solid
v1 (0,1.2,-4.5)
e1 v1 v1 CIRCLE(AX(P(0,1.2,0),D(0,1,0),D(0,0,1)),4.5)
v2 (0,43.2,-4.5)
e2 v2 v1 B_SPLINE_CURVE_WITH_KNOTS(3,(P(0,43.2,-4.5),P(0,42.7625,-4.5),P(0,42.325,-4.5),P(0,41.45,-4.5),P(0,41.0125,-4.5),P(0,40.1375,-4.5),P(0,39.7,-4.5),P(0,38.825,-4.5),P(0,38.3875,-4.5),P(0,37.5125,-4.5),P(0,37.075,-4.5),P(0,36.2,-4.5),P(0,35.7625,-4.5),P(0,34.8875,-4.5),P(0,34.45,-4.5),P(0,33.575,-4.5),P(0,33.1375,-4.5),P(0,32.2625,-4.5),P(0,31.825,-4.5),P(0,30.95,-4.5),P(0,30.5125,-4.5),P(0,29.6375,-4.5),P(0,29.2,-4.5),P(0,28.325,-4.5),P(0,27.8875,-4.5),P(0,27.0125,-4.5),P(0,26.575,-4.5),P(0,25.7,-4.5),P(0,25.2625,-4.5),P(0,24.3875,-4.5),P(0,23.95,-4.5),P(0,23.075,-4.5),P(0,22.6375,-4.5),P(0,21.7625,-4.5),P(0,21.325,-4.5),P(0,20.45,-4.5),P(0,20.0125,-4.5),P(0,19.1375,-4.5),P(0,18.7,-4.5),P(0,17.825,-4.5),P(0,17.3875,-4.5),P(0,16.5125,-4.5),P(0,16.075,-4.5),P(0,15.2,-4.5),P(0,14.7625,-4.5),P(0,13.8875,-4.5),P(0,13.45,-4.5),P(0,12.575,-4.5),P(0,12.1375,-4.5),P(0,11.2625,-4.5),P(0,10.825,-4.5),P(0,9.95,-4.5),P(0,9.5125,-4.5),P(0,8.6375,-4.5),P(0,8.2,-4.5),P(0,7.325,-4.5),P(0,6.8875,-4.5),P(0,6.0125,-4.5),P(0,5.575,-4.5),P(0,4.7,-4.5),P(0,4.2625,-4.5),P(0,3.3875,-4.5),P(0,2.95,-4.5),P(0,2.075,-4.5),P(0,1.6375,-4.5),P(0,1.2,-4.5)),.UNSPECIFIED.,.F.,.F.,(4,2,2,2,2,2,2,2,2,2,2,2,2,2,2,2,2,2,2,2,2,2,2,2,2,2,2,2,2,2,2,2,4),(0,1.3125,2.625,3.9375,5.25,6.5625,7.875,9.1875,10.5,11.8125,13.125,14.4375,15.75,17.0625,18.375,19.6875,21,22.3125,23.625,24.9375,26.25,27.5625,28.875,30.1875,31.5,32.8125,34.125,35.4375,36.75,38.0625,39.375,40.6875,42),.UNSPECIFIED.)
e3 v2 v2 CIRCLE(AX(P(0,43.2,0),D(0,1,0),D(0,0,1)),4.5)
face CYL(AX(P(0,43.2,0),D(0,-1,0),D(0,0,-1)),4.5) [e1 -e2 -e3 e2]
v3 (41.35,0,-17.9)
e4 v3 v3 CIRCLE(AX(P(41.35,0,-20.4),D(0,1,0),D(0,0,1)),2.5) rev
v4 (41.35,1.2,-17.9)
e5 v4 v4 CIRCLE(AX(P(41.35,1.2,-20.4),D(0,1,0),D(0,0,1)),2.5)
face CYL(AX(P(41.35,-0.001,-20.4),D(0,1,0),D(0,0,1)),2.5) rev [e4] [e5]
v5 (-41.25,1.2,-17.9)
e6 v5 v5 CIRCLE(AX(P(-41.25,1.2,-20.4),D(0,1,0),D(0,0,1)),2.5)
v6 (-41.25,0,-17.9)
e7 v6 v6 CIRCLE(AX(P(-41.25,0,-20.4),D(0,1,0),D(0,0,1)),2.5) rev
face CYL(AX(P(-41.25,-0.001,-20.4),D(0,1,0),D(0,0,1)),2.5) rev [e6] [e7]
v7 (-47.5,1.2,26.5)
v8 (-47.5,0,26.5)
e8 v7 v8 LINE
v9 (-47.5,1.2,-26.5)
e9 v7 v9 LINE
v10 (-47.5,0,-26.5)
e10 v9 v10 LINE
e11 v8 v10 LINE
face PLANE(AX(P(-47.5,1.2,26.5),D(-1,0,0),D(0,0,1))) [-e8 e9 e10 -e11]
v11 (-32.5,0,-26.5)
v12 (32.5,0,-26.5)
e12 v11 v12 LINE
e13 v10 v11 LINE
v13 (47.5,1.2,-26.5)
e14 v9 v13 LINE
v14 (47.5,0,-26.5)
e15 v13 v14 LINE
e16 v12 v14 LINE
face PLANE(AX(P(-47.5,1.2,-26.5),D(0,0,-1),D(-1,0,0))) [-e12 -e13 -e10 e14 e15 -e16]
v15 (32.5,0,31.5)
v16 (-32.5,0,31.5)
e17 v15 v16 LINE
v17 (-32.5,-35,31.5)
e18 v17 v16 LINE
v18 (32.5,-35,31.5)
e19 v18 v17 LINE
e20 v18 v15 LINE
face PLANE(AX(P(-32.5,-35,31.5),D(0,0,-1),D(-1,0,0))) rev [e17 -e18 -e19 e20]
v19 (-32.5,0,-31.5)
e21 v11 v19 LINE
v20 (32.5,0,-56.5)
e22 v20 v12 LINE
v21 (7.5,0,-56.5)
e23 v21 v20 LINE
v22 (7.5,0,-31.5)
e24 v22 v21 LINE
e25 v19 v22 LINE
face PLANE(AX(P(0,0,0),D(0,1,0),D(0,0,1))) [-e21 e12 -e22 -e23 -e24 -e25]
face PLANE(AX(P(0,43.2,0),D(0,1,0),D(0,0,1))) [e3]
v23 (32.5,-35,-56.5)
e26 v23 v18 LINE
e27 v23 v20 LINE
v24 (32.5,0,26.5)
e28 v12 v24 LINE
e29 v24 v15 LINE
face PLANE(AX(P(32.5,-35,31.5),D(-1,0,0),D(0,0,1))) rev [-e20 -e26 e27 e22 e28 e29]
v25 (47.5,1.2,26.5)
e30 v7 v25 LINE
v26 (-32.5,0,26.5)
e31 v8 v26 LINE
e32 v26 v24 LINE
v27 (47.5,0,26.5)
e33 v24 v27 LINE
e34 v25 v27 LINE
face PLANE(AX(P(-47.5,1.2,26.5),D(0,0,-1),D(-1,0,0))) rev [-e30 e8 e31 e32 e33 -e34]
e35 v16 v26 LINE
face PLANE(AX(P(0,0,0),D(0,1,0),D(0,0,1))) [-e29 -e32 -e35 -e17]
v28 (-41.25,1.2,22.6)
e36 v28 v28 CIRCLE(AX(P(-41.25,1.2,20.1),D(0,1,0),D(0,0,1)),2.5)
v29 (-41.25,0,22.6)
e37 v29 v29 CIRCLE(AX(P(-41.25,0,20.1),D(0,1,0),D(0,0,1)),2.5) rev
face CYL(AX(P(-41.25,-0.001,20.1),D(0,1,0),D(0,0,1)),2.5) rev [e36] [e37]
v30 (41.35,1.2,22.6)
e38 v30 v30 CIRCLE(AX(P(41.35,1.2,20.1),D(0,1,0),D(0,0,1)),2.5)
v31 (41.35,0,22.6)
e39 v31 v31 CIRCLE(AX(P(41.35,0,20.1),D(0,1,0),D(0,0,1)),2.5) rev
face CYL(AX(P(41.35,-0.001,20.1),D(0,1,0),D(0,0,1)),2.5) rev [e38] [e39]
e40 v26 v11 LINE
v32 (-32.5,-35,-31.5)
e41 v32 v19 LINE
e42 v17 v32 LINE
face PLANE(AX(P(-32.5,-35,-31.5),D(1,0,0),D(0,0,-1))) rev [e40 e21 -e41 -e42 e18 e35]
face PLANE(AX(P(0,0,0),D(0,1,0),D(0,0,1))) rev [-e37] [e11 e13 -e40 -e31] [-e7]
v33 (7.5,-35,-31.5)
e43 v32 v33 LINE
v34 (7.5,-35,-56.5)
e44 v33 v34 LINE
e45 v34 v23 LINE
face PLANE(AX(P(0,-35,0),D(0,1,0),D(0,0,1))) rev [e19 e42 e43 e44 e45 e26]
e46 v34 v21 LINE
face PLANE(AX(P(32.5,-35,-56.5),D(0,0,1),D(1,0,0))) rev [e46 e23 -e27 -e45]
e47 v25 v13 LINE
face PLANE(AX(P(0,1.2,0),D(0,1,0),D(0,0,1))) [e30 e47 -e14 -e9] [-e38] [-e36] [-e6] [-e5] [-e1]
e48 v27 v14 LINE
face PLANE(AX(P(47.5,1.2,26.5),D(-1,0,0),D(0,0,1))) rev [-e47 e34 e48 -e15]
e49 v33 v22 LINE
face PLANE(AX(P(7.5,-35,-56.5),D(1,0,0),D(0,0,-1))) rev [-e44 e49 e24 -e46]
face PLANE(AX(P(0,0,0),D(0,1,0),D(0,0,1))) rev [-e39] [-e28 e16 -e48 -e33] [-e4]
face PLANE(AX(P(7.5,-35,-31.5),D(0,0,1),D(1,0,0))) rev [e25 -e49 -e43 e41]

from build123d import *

# Parameters (mm, degrees)
SKETCH_1_W            = 95
SKETCH_1_H            = 53
EXTRUDE_244_DEPTH     = 1.2
CUT_EXTRUDE_624_REACH = 56.405
SKETCH_5_R            = 2.5
EXTRUDE_1004_DEPTH    = 35
SKETCH_7_R            = 4.5
EXTRUDE_1173_DEPTH    = 42


with BuildPart() as part:
    # 草图1 → Extrude 244 (new body)
    with BuildSketch(Plane(origin=(0, 0, 0), x_dir=(1, 0, 0), z_dir=(0, 1, 0))):
        Rectangle(SKETCH_1_W, SKETCH_1_H)
    extrude(amount=EXTRUDE_244_DEPTH)

    # 草图5 → Cut-Extrude 624 (cut, up to next)
    with BuildSketch(Plane(origin=(0, 1.2, 0), x_dir=(1, 0, 0), z_dir=(0, 1, 0)), mode=Mode.PRIVATE) as cut_extrude_624_sk1:
        with Locations(Location((-41.25, 20.4, 0), (0, 0, 270))):
            Circle(SKETCH_5_R)
    cut_extrude_624_tool1 = extrude(cut_extrude_624_sk1.sketch, amount=-CUT_EXTRUDE_624_REACH, mode=Mode.PRIVATE) & part.part
    # 草图5 → Cut-Extrude 624 (cut, up to next)
    with BuildSketch(Plane(origin=(0, 1.2, 0), x_dir=(1, 0, 0), z_dir=(0, 1, 0)), mode=Mode.PRIVATE) as cut_extrude_624_sk2:
        with Locations(Location((41.35, 20.4, 0), (0, 0, 270))):
            Circle(SKETCH_5_R)
    cut_extrude_624_tool2 = extrude(cut_extrude_624_sk2.sketch, amount=-CUT_EXTRUDE_624_REACH, mode=Mode.PRIVATE) & part.part
    # 草图5 → Cut-Extrude 624 (cut, up to next)
    with BuildSketch(Plane(origin=(0, 1.2, 0), x_dir=(1, 0, 0), z_dir=(0, 1, 0)), mode=Mode.PRIVATE) as cut_extrude_624_sk3:
        with Locations(Location((-41.25, -20.1, 0), (0, 0, 270))):
            Circle(SKETCH_5_R)
    cut_extrude_624_tool3 = extrude(cut_extrude_624_sk3.sketch, amount=-CUT_EXTRUDE_624_REACH, mode=Mode.PRIVATE) & part.part
    # 草图5 → Cut-Extrude 624 (cut, up to next)
    with BuildSketch(Plane(origin=(0, 1.2, 0), x_dir=(1, 0, 0), z_dir=(0, 1, 0)), mode=Mode.PRIVATE) as cut_extrude_624_sk4:
        with Locations(Location((41.35, -20.1, 0), (0, 0, 270))):
            Circle(SKETCH_5_R)
    cut_extrude_624_tool4 = extrude(cut_extrude_624_sk4.sketch, amount=-CUT_EXTRUDE_624_REACH, mode=Mode.PRIVATE) & part.part
    add(cut_extrude_624_tool1.solids().sort_by_distance((-41.25, 1.2, -20.4))[0], mode=Mode.SUBTRACT)
    add(cut_extrude_624_tool2.solids().sort_by_distance((41.35, 1.2, -20.4))[0], mode=Mode.SUBTRACT)
    add(cut_extrude_624_tool3.solids().sort_by_distance((-41.25, 1.2, 20.1))[0], mode=Mode.SUBTRACT)
    add(cut_extrude_624_tool4.solids().sort_by_distance((41.35, 1.2, 20.1))[0], mode=Mode.SUBTRACT)

    # 草图6 → Extrude 1004 (add)
    with BuildSketch(Plane.XZ):
        Polygon((32.5, -56.5), (7.5, -56.5), (7.5, -31.5), (-32.5, -31.5), (-32.5, 31.5), (32.5, 31.5), align=None)
    extrude(amount=EXTRUDE_1004_DEPTH)

    # 草图7 → Extrude 1173 (add)
    with BuildSketch(Plane(origin=(0, 1.2, 0), x_dir=(1, 0, 0), z_dir=(0, 1, 0))):
        with Locations(Location((0, 0, 0), (0, 0, 90))):
            Circle(SKETCH_7_R)
    extrude(amount=EXTRUDE_1173_DEPTH)


solid = part.part
